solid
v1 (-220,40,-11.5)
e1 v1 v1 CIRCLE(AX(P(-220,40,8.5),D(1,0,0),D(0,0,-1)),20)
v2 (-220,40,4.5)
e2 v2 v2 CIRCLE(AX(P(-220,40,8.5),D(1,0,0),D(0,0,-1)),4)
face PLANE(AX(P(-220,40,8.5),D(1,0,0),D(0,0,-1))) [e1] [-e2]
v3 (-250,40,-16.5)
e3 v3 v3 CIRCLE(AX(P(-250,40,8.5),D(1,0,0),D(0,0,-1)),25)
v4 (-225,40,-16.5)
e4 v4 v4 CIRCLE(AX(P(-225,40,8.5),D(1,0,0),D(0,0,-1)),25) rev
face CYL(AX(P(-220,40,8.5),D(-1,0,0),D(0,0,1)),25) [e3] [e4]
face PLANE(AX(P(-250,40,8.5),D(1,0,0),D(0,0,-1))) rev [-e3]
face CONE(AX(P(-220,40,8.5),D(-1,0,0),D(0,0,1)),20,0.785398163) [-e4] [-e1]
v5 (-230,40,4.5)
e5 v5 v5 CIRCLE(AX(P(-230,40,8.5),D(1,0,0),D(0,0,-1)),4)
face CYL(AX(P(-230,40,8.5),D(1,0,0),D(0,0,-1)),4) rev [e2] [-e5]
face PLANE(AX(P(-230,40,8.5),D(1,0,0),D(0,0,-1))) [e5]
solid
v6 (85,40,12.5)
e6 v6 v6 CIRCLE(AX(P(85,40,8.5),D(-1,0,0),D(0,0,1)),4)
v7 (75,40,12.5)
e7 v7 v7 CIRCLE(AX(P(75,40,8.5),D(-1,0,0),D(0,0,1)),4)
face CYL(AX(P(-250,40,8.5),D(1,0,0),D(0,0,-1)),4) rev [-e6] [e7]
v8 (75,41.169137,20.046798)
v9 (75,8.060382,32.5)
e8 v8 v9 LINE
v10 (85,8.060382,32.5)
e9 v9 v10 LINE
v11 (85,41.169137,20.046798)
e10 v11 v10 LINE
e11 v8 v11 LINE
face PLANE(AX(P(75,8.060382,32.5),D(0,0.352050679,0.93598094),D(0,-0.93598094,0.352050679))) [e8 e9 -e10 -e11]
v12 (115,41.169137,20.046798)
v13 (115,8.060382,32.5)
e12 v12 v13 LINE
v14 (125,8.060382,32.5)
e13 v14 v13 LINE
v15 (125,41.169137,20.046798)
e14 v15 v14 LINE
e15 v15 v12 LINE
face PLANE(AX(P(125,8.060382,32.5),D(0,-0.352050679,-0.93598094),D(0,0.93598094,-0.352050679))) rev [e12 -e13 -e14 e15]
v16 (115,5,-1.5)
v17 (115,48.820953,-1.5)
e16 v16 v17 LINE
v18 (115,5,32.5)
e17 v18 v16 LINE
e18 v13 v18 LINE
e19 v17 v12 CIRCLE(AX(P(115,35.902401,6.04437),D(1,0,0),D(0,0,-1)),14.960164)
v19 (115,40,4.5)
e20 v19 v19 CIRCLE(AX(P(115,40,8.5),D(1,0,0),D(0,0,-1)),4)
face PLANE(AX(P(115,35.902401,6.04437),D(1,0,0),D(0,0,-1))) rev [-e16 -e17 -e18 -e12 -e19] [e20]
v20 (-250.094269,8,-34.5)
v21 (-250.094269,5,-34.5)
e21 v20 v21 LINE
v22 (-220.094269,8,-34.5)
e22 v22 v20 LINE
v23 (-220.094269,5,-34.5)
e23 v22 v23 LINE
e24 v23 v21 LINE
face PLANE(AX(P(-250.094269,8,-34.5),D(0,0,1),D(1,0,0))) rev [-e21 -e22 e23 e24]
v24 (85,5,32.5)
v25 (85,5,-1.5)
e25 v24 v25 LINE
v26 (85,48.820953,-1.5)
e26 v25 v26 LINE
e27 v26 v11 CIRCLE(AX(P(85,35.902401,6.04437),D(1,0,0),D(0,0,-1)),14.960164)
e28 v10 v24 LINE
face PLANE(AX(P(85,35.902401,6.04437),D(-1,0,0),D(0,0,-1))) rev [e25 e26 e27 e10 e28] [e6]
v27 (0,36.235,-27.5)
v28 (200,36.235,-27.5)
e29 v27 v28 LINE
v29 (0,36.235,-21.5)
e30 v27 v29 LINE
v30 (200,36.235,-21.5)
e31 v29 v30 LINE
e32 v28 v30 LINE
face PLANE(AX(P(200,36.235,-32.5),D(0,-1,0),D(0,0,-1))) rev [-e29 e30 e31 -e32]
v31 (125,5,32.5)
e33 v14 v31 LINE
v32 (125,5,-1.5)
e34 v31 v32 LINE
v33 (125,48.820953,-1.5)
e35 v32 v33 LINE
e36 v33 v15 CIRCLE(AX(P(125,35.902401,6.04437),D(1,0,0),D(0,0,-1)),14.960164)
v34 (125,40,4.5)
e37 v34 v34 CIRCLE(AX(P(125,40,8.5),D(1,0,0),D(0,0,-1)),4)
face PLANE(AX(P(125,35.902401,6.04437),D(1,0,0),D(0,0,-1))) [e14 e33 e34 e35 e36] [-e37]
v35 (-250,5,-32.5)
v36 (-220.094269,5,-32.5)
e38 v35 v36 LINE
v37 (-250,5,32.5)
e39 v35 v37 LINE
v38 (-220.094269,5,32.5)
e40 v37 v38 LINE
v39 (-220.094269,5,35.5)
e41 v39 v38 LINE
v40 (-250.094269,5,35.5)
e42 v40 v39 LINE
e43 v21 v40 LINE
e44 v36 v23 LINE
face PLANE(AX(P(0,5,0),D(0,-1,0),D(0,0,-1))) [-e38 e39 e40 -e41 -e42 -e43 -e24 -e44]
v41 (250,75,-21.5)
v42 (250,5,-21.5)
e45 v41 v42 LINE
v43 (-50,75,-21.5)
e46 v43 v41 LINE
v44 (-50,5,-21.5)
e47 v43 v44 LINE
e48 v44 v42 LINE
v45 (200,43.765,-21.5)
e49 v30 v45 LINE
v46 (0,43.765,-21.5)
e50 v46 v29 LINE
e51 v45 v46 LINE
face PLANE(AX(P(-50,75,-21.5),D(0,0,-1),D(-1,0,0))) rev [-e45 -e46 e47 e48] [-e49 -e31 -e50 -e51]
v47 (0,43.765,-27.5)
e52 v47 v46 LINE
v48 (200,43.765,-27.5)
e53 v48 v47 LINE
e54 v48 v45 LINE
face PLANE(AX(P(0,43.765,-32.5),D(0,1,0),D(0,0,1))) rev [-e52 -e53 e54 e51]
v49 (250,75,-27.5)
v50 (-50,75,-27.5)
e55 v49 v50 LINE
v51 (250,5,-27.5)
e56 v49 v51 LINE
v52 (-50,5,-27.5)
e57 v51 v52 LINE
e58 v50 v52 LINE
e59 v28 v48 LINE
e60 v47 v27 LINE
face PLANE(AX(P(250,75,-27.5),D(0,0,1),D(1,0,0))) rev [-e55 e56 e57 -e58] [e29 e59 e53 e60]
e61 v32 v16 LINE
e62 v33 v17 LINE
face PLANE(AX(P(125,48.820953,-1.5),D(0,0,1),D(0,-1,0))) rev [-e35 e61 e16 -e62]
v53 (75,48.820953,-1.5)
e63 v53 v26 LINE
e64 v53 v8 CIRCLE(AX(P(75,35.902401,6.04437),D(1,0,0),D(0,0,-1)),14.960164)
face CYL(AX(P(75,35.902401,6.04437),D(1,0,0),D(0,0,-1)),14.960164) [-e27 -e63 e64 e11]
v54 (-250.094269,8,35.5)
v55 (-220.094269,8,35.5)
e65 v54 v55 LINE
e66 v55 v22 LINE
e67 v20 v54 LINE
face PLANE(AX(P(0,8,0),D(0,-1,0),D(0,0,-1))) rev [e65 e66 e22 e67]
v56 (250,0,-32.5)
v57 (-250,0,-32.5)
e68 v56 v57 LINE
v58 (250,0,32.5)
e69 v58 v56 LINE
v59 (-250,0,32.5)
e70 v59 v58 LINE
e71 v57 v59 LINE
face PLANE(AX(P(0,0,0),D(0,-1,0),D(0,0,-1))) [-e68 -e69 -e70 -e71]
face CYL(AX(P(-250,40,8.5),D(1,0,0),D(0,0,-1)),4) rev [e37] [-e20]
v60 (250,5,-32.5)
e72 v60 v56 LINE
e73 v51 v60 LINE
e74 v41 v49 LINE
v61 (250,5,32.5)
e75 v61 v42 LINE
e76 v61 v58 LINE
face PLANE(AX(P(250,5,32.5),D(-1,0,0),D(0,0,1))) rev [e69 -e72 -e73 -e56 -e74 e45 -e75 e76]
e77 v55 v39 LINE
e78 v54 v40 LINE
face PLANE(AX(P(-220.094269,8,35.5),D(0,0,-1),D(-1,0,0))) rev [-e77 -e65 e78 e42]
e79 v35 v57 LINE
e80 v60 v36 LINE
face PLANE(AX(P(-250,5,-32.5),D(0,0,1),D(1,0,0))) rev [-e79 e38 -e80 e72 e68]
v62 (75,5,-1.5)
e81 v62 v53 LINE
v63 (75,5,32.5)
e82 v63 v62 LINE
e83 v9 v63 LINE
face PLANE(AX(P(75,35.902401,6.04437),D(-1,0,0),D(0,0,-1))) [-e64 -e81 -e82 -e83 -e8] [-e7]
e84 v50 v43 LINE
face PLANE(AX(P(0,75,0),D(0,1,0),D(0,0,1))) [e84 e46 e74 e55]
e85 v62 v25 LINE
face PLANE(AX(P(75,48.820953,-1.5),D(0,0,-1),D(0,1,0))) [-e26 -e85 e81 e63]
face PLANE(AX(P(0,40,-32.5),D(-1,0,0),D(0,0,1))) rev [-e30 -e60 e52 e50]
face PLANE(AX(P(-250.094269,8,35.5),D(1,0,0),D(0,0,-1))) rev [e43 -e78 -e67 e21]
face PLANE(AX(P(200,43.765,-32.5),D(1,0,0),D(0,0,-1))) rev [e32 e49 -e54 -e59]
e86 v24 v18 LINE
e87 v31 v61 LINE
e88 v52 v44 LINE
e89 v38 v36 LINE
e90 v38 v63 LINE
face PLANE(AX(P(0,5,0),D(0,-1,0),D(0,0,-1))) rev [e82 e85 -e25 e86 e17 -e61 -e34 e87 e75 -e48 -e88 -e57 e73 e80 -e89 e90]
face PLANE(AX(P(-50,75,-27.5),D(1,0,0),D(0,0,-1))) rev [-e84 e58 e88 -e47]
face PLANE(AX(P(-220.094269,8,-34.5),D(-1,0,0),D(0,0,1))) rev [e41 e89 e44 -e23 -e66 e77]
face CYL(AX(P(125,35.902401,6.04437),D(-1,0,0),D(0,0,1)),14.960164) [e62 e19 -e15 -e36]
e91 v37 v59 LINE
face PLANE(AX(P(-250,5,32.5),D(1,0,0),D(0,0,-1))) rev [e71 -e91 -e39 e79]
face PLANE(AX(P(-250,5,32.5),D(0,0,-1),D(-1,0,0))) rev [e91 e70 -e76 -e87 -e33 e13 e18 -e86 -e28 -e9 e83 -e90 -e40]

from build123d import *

# Parameters (mm, degrees)
SKETCH1_W           = 500
SKETCH1_H           = 65
BOSS_EXTRUDE1_DEPTH = 5
SKETCH2_W           = 300
SKETCH2_H           = 6
BOSS_EXTRUDE2_DEPTH = 70
CUT_EXTRUDE1_DEPTH  = 267.535175915
BOSS_EXTRUDE4_DEPTH = 10
SKETCH9_R           = 4
CUT_EXTRUDE2_DEPTH  = 384.804963491
SKETCH10_W          = 30
SKETCH10_H          = 70
BOSS_EXTRUDE5_DEPTH = 3
SKETCH11_R          = 25
BOSS_EXTRUDE6_DEPTH = 30
CHAMFER1_SIZE       = 5
SKETCH12_R          = 4
CUT_EXTRUDE3_DEPTH  = 10


with BuildPart() as part:
    # Sketch1 → Boss-Extrude1 (new body)
    with BuildSketch(Plane(origin=(0, 0, 0), x_dir=(1, 0, 0), z_dir=(0, 1, 0))):
        Rectangle(SKETCH1_W, SKETCH1_H)
    extrude(amount=BOSS_EXTRUDE1_DEPTH)

    # Sketch2 → Boss-Extrude2 (add)
    with BuildSketch(Plane(origin=(0, 5, 0), x_dir=(1, 0, 0), z_dir=(0, 1, 0))):
        with Locations((100, 24.5)):
            Rectangle(SKETCH2_W, SKETCH2_H)
    extrude(amount=BOSS_EXTRUDE2_DEPTH)

    # Sketch3 → Cut-Extrude1 (cut, through all)
    with BuildSketch(Plane.XY.offset(-21.5)):
        Polygon((0, 40), (0, 36.235), (200, 36.235), (200, 40), (200, 43.765), (0, 43.765), align=None)
    extrude(amount=-CUT_EXTRUDE1_DEPTH, mode=Mode.SUBTRACT)

    # Sketch8 → Boss-Extrude4 (add)
    with BuildSketch(Plane(origin=(115, 0, 0), x_dir=(0, 0, -1), z_dir=(1, 0, 0))):
        with BuildLine():
            Line((-32.5, 5), (-32.5, 8.060381504))
            Line((-32.5, 8.060381504), (-20.046797941, 41.169136726))
            ThreePointArc((-20.046797941, 41.169136726), (-11.050785915, 50), (1.5, 48.820953163))
            Line((1.5, 48.820953163), (1.5, 5))
            Line((1.5, 5), (-32.5, 5))
        make_face()
    boss_extrude4 = extrude(amount=BOSS_EXTRUDE4_DEPTH)

    # Mirror1: Boss-Extrude4 across plane
    add(boss_extrude4.mirror(Plane(origin=(100, 0, 0), x_dir=(0, 0, 1), z_dir=(1, 0, 0))))

    # Sketch9 → Cut-Extrude2 (cut, through all)
    with BuildSketch(Plane(origin=(125, 0, 0), x_dir=(0, 0, -1), z_dir=(1, 0, 0))):
        with Locations(Location((-8.5, 40, 0), (0, 0, 180))):
            Circle(SKETCH9_R)
    extrude(amount=-CUT_EXTRUDE2_DEPTH, mode=Mode.SUBTRACT)

    # Sketch10 → Boss-Extrude5 (add)
    with BuildSketch(Plane(origin=(0, 5, 0), x_dir=(1, 0, 0), z_dir=(0, 1, 0))):
        with Locations((-235.094269374, -0.5)):
            Rectangle(SKETCH10_W, SKETCH10_H)
    extrude(amount=BOSS_EXTRUDE5_DEPTH)


with BuildPart() as body_2:
    # Sketch11 → Boss-Extrude6 (new body)
    with BuildSketch(Plane(origin=(-250, 0, 0), x_dir=(0, 0, -1), z_dir=(1, 0, 0))):
        with Locations((-8.5, 40)):
            Circle(SKETCH11_R)
    extrude(amount=BOSS_EXTRUDE6_DEPTH)

    # Chamfer1
    chamfer1_edges = [body_2.edges().sort_by_distance(p)[0] for p in [
        (-220, 40, 33.5),
    ]]
    chamfer(chamfer1_edges, length=CHAMFER1_SIZE)

    # Sketch12 → Cut-Extrude3 (cut)
    with BuildSketch(Plane(origin=(-220, 0, 0), x_dir=(0, 0, -1), z_dir=(1, 0, 0))):
        with Locations((-8.5, 40)):
            Circle(SKETCH12_R)
    extrude(amount=-CUT_EXTRUDE3_DEPTH, mode=Mode.SUBTRACT)


solid = Compound([part.part, body_2.part])
